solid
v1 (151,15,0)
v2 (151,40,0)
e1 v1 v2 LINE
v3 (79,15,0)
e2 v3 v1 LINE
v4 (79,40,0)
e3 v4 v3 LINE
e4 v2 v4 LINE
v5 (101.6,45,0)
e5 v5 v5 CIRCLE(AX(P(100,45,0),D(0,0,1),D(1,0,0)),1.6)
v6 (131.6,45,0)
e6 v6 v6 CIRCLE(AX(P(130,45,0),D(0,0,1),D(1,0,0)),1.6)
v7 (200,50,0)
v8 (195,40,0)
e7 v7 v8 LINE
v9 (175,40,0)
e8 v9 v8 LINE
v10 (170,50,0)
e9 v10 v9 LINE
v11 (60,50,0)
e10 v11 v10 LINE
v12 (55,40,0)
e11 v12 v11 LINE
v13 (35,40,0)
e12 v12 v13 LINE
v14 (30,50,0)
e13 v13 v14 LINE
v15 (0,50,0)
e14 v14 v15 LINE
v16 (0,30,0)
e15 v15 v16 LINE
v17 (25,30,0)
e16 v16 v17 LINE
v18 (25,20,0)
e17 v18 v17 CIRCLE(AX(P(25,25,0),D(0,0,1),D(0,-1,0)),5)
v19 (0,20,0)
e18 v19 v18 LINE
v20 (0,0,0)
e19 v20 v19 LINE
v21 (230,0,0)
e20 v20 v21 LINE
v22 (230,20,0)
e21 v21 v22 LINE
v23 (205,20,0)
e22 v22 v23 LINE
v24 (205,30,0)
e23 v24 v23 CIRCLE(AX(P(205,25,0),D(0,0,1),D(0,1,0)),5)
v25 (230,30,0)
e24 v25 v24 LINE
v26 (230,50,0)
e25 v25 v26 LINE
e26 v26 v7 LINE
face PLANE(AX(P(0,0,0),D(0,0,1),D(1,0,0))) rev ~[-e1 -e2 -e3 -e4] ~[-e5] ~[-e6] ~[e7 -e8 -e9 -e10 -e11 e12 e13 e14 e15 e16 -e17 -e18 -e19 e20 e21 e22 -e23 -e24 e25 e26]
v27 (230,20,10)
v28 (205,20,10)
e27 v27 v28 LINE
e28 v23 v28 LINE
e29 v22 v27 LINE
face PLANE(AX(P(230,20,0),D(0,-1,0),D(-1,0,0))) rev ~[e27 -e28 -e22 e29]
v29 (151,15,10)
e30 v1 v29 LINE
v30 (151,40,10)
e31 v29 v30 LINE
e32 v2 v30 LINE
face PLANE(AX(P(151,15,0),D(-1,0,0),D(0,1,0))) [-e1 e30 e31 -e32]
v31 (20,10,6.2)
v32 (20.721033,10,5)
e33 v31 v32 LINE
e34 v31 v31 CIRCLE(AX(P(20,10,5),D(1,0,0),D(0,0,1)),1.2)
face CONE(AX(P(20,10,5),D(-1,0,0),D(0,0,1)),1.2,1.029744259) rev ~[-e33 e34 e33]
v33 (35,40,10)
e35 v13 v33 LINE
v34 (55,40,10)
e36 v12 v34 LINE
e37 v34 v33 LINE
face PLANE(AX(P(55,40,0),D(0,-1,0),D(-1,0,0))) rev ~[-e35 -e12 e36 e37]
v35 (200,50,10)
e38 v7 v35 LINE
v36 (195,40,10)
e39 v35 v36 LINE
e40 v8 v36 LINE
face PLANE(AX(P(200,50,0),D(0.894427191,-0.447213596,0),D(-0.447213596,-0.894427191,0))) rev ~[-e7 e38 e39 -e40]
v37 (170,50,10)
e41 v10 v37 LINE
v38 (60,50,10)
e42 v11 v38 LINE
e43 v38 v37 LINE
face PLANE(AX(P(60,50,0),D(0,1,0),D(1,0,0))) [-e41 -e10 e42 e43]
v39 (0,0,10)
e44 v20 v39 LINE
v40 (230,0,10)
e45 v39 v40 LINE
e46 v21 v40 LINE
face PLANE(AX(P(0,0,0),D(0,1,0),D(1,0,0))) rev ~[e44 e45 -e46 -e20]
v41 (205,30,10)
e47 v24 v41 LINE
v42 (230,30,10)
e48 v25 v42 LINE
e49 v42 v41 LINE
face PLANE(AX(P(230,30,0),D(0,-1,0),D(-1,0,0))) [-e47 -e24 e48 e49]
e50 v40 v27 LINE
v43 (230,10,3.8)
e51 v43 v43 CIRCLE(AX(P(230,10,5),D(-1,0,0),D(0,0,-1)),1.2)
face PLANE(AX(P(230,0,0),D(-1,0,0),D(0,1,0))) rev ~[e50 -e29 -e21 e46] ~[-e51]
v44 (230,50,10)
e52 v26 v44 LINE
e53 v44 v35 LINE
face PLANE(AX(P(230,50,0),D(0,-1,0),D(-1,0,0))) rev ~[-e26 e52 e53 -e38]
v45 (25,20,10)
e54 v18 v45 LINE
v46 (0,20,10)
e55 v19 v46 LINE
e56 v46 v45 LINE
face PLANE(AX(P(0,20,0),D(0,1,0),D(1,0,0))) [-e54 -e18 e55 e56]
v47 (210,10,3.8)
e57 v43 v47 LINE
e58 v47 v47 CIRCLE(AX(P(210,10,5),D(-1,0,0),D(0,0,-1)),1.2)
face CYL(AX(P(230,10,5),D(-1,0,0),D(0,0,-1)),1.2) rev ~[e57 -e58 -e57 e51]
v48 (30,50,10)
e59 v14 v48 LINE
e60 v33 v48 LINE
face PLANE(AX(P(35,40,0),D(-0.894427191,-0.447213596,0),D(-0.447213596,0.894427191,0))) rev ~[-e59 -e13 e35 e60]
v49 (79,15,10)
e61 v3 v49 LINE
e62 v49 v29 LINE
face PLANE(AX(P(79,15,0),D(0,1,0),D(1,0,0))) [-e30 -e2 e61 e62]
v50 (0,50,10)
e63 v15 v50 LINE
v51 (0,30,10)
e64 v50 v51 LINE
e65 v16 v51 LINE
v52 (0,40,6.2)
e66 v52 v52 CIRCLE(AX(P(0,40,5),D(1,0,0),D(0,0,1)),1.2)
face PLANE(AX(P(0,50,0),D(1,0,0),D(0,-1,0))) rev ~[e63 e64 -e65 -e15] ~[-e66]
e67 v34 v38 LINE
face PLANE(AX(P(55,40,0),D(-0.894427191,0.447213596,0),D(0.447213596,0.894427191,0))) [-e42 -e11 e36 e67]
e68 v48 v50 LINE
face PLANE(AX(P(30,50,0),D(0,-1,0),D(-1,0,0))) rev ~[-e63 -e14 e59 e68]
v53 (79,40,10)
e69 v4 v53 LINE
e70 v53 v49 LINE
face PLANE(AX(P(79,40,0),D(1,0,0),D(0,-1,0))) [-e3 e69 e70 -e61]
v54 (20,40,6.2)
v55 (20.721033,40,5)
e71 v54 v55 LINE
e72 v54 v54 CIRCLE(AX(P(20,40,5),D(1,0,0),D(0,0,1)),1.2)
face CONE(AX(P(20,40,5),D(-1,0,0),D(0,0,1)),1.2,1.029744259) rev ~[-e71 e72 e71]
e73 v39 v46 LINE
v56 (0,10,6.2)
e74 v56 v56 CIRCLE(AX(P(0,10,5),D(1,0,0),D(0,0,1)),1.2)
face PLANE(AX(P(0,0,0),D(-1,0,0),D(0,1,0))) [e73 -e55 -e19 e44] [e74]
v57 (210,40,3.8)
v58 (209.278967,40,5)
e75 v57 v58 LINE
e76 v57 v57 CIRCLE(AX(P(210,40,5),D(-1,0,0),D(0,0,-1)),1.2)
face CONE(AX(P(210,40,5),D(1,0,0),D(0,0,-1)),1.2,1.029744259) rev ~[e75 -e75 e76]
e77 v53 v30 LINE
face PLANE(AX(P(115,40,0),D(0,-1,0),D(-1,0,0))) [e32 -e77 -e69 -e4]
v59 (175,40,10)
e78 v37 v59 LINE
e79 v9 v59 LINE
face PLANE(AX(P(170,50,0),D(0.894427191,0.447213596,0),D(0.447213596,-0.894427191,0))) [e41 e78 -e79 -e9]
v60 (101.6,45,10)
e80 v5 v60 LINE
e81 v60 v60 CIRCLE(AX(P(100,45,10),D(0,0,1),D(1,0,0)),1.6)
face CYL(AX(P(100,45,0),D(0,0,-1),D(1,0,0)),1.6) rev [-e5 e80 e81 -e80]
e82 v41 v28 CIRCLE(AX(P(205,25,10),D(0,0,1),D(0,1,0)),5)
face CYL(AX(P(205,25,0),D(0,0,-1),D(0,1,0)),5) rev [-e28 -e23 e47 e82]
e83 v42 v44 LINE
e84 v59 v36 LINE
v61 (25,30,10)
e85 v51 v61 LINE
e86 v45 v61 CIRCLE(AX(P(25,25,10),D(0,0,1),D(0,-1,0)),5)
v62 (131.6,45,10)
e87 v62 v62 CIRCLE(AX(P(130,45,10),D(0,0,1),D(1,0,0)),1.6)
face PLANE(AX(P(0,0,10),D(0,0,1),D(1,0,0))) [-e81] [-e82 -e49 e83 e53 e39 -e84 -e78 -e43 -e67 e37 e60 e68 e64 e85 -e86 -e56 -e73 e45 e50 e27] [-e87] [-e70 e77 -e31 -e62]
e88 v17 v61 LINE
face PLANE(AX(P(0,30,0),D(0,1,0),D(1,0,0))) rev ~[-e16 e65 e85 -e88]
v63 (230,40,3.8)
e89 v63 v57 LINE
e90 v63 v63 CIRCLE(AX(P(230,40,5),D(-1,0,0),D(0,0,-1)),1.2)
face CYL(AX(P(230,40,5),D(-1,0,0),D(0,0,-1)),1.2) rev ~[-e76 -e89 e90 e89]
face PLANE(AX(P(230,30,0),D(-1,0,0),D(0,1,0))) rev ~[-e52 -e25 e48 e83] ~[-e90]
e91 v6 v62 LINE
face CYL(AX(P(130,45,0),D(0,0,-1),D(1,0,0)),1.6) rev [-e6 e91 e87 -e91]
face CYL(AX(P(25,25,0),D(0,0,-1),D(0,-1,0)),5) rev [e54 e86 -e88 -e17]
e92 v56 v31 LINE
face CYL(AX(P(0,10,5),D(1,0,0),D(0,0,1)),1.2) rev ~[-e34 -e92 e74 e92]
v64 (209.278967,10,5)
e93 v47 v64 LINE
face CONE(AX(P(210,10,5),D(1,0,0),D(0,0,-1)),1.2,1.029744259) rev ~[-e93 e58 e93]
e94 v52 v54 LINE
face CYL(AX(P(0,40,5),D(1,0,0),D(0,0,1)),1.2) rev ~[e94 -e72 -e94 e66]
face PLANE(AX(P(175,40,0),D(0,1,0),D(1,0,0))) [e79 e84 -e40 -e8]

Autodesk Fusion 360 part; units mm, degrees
sketch "Skizze1" plane through (0, 0, 0) normal (0, 0, 1) x (1, 0, 0)
  line L0 (0, 0) -> (230, 0)
  line L1 (230, 0) -> (230, 20)
  line L2 (230, 20) -> (205, 20)
  line L3 (230, 30) -> (205, 30)
  line L4 (230, 30) -> (230, 50)
  line L5 (230, 50) -> (200, 50)
  line L6 (170, 50) -> (175, 40)
  line L7 (175, 40) -> (195, 40)
  line L8 (200, 50) -> (195, 40)
  line L9 (55, 40) -> (35, 40)
  line L10 (55, 40) -> (60, 50)
  line L11 (35, 40) -> (30, 50)
  line L12 (30, 50) -> (0, 50)
  line L13 (0, 50) -> (0, 30)
  line L14 (0, 30) -> (25, 30)
  line L15 (0, 0) -> (0, 20)
  line L16 (0, 20) -> (25, 20)
  arc A0 (25, 20) -> (25, 30) centre (25, 25) ccw
  arc A1 (205, 30) -> (205, 20) centre (205, 25) ccw
  line L17 (115, 40) -> (79, 40)
  line L18 (115, 40) -> (151, 40)
  line L19 (79, 40) -> (79, 15)
  line L20 (79, 15) -> (151, 15)
  line L21 (151, 15) -> (151, 40)
  circle A2 centre (100, 45) radius 1.6
  circle A3 centre (130, 45) radius 1.6
  line L22 (60, 50) -> (170, 50)
  dimension "d1" = 230
  dimension "d2" = 20
  dimension "d3" = 25
  dimension "d6" = 10
  dimension "d7" = 25
  dimension "d8" = 20
  dimension "d9" = 30
  dimension "d11" = 30
  dimension "d14" = 20
  dimension "d15" = 110
  dimension "d18" = 20
  dimension "d20" = 30
  dimension "d21" = 20
  dimension "d22" = 25
  dimension "d23" = 20
  dimension "d24" = 25
  dimension "d27" = 36
  dimension "d28" = 36
  dimension "d29" = 25
  dimension "d30" = 72
  dimension "d33" = 3.2
extrude "Extrusion1" add sketch "Skizze1" along normal blind 10
sketch "Skizze2" plane through (230, 0, 0) normal (1, 0, 0) x (0, 1, 0)
  line L0 (0, 0) -> (20, 0)
  line L1 (20, 0) -> (20, 10)
  line L2 (20, 10) -> (0, 10)
  line L3 (0, 10) -> (0, 0)
  line L4 (0, 10) -> (20, 0)
  line L5 (20, 10) -> (0, 0)
  line L6 (49.9281, 0) -> (49.9281, 10)
  circle A0 centre (10, 5) radius 1.2
  dimension "d36" = 2.4
sketch "Skizze3" plane through (230, 0, 0) normal (1, 0, 0) x (0, 1, 0)
  line L0 (30, 0) -> (50, 0)
  line L1 (50, 0) -> (50, 10)
  line L2 (50, 10) -> (30, 10)
  line L3 (30, 10) -> (30, 0)
  line L4 (30, 10) -> (50, 0)
  line L5 (50, 10) -> (30, 0)
  circle A0 centre (40, 5) radius 1.2
  dimension "d37" = 2.4
sketch "Skizze4" plane through (0, 0, 0) normal (-1, 0, 0) x (0, -1, 0)
  line L0 (-50, 0) -> (-30, 0)
  line L1 (-30, 0) -> (-30, 10)
  line L2 (-30, 10) -> (-50, 10)
  line L3 (-50, 10) -> (-50, 0)
  line L4 (-50, 10) -> (-30, 0)
  line L5 (-30, 10) -> (-50, 0)
  line L6 (0, 0) -> (0, 10)
  circle A0 centre (-40, 5) radius 1
  dimension "d38" = 2
sketch "Skizze5" plane through (0, 0, 0) normal (-1, 0, 0) x (0, -1, 0)
  line L0 (-20, 0) -> (0, 0)
  line L1 (0, 0) -> (0, 10)
  line L2 (0, 10) -> (-20, 10)
  line L3 (-20, 10) -> (-20, 0)
  line L4 (-20, 10) -> (0, 0)
  line L5 (0, 10) -> (-20, 0)
  circle A0 centre (-10, 5) radius 1
  dimension "d39" = 2
hole "Bohrung1" at (230, 10, 5) direction (-1, 0, 0) diameter 2.4 depth 20 tip angle 118
hole "Bohrung2" at (230, 40, 5) direction (-1, 0, 0) diameter 2.4 depth 20 tip angle 118
hole "Bohrung3" at (0, 10, 5) direction (1, 0, 0) diameter 2.4 depth 20 tip angle 118
hole "Bohrung4" at (0, 40, 5) direction (1, 0, 0) diameter 2.4 depth 20 tip angle 118
equation "d36 = Montagelochdurchmesser"
equation "d37 = Montagelochdurchmesser"
equation "d41 = Montagelochdurchmesser"
equation "d44 = Montagelochdurchmesser"
equation "d47 = Montagelochdurchmesser"
equation "d50 = Montagelochdurchmesser"
equation "Montagelochdurchmesser = 2.4 mm"
